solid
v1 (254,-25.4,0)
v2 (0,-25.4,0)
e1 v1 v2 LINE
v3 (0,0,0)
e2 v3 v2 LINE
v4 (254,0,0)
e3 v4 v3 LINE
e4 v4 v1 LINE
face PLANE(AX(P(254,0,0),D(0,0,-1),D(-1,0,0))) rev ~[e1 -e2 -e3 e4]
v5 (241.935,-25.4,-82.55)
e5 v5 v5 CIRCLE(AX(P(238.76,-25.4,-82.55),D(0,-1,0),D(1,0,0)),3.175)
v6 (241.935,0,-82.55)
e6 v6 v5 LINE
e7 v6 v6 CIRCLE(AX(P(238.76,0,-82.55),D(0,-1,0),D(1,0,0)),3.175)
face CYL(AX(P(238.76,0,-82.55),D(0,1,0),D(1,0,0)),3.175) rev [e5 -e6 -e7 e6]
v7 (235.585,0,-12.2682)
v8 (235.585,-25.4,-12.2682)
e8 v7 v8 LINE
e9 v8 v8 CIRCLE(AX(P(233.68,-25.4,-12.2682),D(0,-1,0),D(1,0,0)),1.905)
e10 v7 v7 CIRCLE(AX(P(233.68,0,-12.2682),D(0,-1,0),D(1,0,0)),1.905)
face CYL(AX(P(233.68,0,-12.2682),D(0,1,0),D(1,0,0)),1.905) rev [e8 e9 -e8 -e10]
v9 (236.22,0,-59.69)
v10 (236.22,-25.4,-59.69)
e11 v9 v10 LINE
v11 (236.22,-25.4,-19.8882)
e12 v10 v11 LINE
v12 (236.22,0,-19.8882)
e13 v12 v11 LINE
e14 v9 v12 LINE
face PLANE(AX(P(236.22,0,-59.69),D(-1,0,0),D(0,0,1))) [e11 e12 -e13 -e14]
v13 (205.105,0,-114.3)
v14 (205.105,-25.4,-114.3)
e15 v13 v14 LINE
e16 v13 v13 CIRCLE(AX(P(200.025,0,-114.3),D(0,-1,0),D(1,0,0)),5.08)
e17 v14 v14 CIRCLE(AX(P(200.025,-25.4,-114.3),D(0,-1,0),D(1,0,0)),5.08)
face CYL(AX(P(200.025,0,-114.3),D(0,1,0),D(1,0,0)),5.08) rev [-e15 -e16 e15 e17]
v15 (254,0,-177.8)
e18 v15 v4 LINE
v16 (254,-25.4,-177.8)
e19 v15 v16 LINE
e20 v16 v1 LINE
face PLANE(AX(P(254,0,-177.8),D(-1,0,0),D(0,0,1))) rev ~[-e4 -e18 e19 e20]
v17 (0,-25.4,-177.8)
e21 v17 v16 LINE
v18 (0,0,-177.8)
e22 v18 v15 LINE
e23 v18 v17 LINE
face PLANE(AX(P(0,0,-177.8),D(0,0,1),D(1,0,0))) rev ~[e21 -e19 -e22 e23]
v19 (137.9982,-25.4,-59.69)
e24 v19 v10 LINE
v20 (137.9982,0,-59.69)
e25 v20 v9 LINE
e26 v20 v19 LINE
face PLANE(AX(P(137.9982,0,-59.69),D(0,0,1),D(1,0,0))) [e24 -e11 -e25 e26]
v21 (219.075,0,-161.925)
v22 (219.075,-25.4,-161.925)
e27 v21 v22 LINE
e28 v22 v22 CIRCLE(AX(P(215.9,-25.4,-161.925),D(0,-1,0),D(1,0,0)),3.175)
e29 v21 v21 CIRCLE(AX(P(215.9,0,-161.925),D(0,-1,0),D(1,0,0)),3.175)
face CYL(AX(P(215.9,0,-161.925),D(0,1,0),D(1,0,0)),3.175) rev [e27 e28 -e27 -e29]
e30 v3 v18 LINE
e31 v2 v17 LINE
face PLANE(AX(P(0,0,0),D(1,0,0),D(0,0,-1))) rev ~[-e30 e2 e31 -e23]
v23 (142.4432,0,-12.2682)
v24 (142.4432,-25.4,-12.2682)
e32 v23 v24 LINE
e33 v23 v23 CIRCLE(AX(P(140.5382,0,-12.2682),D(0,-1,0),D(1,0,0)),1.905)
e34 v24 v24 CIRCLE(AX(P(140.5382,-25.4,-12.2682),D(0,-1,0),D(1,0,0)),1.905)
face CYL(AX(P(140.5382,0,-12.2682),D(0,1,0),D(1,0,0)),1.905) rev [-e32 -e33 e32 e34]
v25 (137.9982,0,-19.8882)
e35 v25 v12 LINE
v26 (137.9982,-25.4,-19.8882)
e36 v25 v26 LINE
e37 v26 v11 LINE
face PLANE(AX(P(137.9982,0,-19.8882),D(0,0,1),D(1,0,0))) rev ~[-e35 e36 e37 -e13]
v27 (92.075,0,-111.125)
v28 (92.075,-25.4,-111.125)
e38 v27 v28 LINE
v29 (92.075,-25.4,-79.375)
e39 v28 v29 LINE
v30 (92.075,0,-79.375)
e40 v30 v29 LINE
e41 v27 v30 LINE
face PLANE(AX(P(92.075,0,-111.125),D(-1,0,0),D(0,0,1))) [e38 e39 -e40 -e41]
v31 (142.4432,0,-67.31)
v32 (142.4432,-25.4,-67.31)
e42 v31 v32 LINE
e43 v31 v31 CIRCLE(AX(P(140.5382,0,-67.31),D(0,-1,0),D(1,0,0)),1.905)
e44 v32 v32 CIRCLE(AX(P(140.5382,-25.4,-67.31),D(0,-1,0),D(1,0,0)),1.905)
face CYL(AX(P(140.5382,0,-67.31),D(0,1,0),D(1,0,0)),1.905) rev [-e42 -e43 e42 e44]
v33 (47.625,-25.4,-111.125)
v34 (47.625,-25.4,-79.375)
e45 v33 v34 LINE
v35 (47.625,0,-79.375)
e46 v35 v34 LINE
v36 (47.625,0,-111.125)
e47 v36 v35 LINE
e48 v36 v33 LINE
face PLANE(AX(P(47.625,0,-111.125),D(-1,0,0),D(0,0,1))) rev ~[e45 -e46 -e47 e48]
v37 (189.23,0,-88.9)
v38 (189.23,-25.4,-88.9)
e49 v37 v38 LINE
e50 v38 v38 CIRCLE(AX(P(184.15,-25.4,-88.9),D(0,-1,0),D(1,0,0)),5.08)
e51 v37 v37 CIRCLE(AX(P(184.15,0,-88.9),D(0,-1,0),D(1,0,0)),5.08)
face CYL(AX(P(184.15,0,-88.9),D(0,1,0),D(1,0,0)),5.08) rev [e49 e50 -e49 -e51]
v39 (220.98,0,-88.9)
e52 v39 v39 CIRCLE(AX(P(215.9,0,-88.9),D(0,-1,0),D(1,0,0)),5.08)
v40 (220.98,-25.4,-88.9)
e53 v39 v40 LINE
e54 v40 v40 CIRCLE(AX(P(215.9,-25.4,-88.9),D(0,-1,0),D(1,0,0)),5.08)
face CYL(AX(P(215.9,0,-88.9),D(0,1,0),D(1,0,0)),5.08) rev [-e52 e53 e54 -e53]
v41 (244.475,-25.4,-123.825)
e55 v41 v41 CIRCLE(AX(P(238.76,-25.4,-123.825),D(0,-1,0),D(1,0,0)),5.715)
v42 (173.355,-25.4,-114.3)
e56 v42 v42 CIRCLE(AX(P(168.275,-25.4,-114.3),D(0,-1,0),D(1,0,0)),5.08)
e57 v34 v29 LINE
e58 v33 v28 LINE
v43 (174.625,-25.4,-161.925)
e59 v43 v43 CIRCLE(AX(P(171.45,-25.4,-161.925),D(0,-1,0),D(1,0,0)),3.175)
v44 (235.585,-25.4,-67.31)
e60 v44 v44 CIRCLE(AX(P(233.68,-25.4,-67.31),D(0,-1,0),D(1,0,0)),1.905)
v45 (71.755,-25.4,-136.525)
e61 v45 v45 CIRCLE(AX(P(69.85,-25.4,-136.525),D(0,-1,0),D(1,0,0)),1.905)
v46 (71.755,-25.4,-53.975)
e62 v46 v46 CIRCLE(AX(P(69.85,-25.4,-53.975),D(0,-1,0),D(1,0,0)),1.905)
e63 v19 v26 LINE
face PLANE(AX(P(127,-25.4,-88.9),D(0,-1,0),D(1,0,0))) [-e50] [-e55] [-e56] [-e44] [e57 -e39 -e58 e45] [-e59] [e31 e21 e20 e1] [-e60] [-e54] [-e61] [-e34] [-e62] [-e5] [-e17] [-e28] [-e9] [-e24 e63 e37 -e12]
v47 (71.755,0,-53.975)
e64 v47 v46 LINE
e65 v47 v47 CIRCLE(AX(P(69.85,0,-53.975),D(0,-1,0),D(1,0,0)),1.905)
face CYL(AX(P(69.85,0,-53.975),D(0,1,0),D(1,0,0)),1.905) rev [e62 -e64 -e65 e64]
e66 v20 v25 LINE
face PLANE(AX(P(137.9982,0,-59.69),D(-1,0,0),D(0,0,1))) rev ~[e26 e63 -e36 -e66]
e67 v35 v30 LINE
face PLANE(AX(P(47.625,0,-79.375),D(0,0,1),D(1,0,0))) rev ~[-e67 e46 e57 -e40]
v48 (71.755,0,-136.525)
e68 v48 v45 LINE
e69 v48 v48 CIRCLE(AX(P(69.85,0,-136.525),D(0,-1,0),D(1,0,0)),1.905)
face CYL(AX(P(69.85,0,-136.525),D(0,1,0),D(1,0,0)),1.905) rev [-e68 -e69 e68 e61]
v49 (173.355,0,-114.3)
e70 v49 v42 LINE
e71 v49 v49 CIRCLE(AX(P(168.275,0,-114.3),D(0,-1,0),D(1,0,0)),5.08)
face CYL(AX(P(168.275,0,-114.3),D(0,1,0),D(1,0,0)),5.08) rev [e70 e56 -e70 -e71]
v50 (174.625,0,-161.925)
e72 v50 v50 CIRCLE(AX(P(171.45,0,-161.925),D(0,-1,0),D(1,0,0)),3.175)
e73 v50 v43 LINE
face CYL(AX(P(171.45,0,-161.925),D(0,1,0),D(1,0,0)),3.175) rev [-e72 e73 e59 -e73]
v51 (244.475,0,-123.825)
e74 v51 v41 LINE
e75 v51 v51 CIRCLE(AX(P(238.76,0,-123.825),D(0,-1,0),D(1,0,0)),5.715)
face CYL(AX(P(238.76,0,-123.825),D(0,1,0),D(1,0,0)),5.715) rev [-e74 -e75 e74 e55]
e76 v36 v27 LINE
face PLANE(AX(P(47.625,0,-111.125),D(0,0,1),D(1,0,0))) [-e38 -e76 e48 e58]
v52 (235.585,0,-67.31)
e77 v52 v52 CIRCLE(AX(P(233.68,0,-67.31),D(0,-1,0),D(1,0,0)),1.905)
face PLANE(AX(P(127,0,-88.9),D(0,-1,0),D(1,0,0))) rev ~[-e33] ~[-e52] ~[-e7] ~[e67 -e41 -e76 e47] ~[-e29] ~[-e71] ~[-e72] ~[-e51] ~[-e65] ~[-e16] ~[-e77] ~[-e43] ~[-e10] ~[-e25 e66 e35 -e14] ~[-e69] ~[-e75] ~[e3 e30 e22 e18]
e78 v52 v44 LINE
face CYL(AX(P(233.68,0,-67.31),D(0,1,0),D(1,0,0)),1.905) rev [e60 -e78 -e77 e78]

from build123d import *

# Parameters (mm, degrees)
F0_R     = 1.905
F0_W     = 44.45
F0_H     = 31.75
F0_R_2   = 3.175
F0_R_3   = 5.08
F0_R_4   = 5.715
F0_W_2   = 98.2218
F0_H_2   = 39.8018
F1_DEPTH = 25.4


with BuildPart() as f1:
    # F0 (on Front) → F1 (new body)
    with BuildSketch(Plane.XZ):
        Polygon((17.78, 0), (0, 0), (0, -17.78), (0, -160.02), (0, -177.8), (17.78, -177.8), (139.7, -177.8), (228.6, -177.8), (236.22, -177.8), (254, -177.8), (254, -160.02), (254, -95.25), (254, -17.78), (254, 0), (236.22, 0), (139.7, 0), align=None)
        with Locations((69.85, -136.525)):
            Circle(F0_R, mode=Mode.SUBTRACT)
        with Locations((69.85, -95.25)):
            Rectangle(F0_W, F0_H, mode=Mode.SUBTRACT)
        with Locations((171.45, -161.925)):
            Circle(F0_R_2, mode=Mode.SUBTRACT)
        with Locations((215.9, -161.925)):
            Circle(F0_R_2, mode=Mode.SUBTRACT)
        with Locations((168.275, -114.3)):
            Circle(F0_R_3, mode=Mode.SUBTRACT)
        with Locations((200.025, -114.3)):
            Circle(F0_R_3, mode=Mode.SUBTRACT)
        with Locations((238.76, -123.825)):
            Circle(F0_R_4, mode=Mode.SUBTRACT)
        with Locations((69.85, -53.975)):
            Circle(F0_R, mode=Mode.SUBTRACT)
        with Locations((140.5382, -67.31)):
            Circle(F0_R, mode=Mode.SUBTRACT)
        with Locations((184.15, -88.9)):
            Circle(F0_R_3, mode=Mode.SUBTRACT)
        with Locations((215.9, -88.9)):
            Circle(F0_R_3, mode=Mode.SUBTRACT)
        with Locations((238.76, -82.55)):
            Circle(F0_R_2, mode=Mode.SUBTRACT)
        with Locations((233.68, -67.31)):
            Circle(F0_R, mode=Mode.SUBTRACT)
        with Locations((187.1091, -39.7891)):
            Rectangle(F0_W_2, F0_H_2, mode=Mode.SUBTRACT)
        with Locations((140.5382, -12.2682)):
            Circle(F0_R, mode=Mode.SUBTRACT)
        with Locations((233.68, -12.2682)):
            Circle(F0_R, mode=Mode.SUBTRACT)
    extrude(amount=F1_DEPTH)


solid = f1.part
